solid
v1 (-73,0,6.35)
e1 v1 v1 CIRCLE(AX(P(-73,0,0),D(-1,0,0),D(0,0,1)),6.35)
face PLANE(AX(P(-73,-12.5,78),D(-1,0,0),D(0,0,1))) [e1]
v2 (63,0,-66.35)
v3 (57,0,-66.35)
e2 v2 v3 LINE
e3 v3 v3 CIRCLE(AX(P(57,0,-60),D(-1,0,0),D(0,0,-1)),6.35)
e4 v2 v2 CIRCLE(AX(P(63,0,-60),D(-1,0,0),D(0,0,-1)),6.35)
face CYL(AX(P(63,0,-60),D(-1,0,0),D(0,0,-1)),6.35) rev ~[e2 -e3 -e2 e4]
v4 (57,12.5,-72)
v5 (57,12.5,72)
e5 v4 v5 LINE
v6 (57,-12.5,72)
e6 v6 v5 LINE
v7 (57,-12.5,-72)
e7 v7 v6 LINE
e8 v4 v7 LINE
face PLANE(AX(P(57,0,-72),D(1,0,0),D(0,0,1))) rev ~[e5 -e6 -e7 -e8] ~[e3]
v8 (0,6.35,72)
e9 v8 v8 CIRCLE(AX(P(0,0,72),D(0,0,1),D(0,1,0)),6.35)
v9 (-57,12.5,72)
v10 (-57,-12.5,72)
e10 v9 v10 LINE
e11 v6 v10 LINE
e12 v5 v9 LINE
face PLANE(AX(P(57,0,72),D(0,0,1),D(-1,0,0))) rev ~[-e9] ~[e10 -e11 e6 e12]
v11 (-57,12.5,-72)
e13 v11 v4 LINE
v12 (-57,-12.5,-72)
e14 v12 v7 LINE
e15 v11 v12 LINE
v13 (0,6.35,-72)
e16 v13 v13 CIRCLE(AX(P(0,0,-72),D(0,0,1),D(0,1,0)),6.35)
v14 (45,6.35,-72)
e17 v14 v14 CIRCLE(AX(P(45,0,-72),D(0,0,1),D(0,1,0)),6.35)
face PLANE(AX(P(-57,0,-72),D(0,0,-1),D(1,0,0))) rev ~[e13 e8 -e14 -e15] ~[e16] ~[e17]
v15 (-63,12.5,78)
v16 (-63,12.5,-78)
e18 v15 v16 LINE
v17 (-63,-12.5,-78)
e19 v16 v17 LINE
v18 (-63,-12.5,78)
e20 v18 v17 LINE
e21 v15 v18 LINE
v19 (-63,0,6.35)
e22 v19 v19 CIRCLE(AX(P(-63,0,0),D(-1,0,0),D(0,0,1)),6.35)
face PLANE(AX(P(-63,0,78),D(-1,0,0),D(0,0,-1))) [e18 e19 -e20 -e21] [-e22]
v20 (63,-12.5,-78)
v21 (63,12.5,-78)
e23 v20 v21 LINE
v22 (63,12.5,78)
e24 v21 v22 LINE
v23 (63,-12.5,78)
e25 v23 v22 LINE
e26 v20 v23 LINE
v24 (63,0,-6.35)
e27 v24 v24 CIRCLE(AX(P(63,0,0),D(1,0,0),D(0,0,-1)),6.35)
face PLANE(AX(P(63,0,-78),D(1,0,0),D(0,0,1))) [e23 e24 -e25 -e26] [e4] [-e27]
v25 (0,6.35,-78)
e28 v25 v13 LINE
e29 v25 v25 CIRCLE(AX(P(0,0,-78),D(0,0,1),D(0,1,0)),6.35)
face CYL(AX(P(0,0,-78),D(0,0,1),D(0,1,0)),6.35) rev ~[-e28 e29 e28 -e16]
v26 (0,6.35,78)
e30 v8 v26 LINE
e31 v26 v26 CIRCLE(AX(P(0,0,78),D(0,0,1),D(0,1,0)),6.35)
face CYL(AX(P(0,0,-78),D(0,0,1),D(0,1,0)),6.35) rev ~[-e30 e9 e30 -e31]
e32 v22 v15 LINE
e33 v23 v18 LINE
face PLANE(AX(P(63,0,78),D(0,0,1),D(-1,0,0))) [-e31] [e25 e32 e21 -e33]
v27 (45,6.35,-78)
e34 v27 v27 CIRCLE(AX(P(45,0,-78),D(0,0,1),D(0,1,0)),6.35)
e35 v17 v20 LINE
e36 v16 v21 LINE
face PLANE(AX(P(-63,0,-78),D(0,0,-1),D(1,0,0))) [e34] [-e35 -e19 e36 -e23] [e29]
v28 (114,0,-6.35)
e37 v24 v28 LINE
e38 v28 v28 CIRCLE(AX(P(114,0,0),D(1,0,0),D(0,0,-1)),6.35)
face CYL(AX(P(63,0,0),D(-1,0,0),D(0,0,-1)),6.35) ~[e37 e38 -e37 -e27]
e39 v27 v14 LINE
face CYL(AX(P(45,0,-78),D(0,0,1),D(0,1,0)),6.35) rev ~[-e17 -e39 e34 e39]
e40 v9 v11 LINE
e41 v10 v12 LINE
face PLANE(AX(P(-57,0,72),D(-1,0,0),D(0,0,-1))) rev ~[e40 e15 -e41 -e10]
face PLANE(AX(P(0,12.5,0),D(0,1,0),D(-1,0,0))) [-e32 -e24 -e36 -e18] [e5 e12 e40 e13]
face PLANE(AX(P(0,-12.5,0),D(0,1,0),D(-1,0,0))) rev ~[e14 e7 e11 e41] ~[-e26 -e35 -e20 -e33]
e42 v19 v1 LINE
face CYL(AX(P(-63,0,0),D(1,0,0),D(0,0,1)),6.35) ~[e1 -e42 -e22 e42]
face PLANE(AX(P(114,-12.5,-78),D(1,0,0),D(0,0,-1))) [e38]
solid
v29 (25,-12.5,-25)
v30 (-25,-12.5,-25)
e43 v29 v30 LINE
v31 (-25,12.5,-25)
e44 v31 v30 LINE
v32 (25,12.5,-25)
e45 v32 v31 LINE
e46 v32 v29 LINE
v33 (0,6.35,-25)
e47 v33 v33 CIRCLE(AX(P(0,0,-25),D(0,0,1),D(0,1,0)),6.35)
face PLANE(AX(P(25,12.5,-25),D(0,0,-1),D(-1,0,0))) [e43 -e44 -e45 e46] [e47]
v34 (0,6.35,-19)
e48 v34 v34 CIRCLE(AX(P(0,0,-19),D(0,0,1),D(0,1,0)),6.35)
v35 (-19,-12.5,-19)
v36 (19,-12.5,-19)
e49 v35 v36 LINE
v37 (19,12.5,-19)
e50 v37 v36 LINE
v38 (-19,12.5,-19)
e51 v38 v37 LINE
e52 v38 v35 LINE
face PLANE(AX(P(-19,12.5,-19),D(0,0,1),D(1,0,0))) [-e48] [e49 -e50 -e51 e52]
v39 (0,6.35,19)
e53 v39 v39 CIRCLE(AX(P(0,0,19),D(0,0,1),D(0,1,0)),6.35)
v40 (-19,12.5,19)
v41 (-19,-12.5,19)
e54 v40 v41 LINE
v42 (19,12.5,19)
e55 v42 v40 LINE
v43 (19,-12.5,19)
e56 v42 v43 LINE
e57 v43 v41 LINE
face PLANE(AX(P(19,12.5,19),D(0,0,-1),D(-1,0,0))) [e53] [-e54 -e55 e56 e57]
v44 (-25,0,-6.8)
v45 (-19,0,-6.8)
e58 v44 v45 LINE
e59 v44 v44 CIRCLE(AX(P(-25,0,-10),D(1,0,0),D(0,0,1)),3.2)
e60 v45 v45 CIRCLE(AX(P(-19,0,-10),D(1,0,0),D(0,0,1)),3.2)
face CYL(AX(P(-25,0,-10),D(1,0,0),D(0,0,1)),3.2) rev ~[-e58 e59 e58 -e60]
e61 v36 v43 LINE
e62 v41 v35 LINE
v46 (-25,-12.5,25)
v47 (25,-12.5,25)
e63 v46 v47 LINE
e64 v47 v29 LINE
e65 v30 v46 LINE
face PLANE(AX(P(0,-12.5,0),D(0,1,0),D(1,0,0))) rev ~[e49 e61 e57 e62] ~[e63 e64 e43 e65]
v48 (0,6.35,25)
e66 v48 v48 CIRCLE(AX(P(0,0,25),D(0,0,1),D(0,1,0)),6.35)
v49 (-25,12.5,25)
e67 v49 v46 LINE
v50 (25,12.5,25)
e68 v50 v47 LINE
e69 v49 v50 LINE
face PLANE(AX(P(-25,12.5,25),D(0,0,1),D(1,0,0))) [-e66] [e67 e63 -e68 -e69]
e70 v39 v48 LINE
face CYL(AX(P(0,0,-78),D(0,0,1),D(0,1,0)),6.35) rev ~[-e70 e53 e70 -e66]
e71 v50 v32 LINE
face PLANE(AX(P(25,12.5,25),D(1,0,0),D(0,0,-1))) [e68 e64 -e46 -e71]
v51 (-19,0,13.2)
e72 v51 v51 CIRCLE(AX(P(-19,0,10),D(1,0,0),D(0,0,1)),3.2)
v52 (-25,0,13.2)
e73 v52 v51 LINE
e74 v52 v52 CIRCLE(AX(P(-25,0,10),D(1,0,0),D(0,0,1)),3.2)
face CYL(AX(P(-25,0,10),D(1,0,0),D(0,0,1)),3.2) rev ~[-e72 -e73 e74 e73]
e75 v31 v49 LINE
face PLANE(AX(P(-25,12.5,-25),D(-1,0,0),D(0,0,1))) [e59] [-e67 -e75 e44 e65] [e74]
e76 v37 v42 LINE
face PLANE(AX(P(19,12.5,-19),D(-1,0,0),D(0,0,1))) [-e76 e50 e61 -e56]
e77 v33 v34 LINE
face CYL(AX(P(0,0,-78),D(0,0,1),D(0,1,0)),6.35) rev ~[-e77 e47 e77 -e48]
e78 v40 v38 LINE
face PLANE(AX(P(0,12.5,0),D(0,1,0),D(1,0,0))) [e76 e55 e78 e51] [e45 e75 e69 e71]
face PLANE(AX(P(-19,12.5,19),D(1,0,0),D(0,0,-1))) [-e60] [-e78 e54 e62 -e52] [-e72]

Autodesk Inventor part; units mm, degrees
ref_plane "YZ Plane" through (0, 0, 0) normal (1, 0, 0) x (0, 1, 0)
ref_plane "XZ Plane" through (0, 0, 0) normal (0, 1, 0) x (-1, 0, 0)
ref_plane "XY Plane" through (0, 0, 0) normal (0, 0, 1) x (1, 0, 0)
sketch "Sketch1" plane through (0, 0, 0) normal (0, 1, 0) x (-1, 0, 0)
  line L0 (-63, 78) -> (63, 78)
  line L1 (63, 78) -> (63, -78)
  line L2 (63, -78) -> (-63, -78)
  line L3 (-63, -78) -> (-63, 78)
  line L4 (-63, 78) -> (63, -78) construction
  line L5 (63, 78) -> (-63, -78) construction
  line L6 (-57, 72) -> (57, 72)
  line L7 (57, 72) -> (57, -72)
  line L8 (57, -72) -> (-57, -72)
  line L9 (-57, -72) -> (-57, 72)
  line L10 (-57, 72) -> (57, -72) construction
  line L11 (57, 72) -> (-57, -72) construction
  point P0 (0, 0)
  dimension "d0" = 126
  dimension "d1" = 156
  dimension "d2" = 114
  dimension "d3" = 144
  dimension "d49" = 156
extrude "Extrusion1" add sketch "Sketch1" along normal mid plane 25
sketch "Sketch2" plane through (0, 12.5, 0) normal (0, 1, 0) x (1, 0, 0)
  line L0 (-25, -25) -> (25, -25)
  line L1 (25, -25) -> (25, 25)
  line L2 (25, 25) -> (-25, 25)
  line L3 (-25, 25) -> (-25, -25)
  line L4 (-25, -25) -> (25, 25) construction
  line L5 (25, -25) -> (-25, 25) construction
  line L6 (-19, 19) -> (19, 19)
  line L7 (19, 19) -> (19, -19)
  line L8 (19, -19) -> (-19, -19)
  line L9 (-19, -19) -> (-19, 19)
  point P0 (0, 0)
  dimension "d6" = 50
  dimension "d7" = 50
  dimension "d8" = 6
extrude "Extrusion2" add sketch "Sketch2" against normal blind 25
sketch "Sketch3" plane through (25, 12.5, -25) normal (0, 0, -1) x (-1, 0, 0)
  circle A0 centre (25, -12.5) radius 6.35
  dimension "d11" = 12.7
sketch "Sketch6" plane through (63, -12.5, -78) normal (1, 0, 0) x (0, 0, -1)
  circle A0 centre (-78, 12.5) radius 6.35
  dimension "d22" = 12.7
extrude "Extrusion6" add sketch "Sketch6" along normal blind 51
sketch "Sketch7" plane through (-63, -12.5, 78) normal (-1, 0, 0) x (0, 0, 1)
  circle A0 centre (-78, 12.5) radius 6.35
  dimension "d25" = 12.7
extrude "Extrusion7" add sketch "Sketch7" along normal blind 10
sketch "Sketch8" plane through (63, 12.5, -78) normal (0, 0, -1) x (-1, 0, 0)
  point P0 (63, -12.5)
  point P1 (18, -12.5)
  point P2 (63, -12.5)
hole "Hole1" at (45, 0, -78) direction (0, 0, 1) diameter 12.7 depth 6
sketch "Sketch9" plane through (63, -12.5, -78) normal (1, 0, 0) x (0, 0, -1)
  point P0 (-78, 12.5)
  point P1 (-18, 12.5)
  point P2 (-78, 12.5)
  point P3 (-78, 12.5)
hole "Hole2" at (63, 0, -60) direction (-1, 0, 0) diameter 12.7 depth 6
sketch "Sketch10" plane through (63, 12.5, -78) normal (0, 0, -1) x (-1, 0, 0)
  point P0 (63, -12.5)
  point P1 (63, -12.5)
hole "Hole3" at (0, 0, -78) direction (0, 0, 1) diameter 12.7 end through all
sketch "Sketch11" plane through (-25, 12.5, -25) normal (-1, 0, 0) x (0, 0, 1)
  point P0 (25, -12.5)
  point P1 (15, -12.5)
  point P2 (35, -12.5)
hole "Hole4" at (-25, 0, 10) direction (1, 0, 0) diameter 6.4 depth 6
sketch "Sketch12" plane through (-25, 12.5, -25) normal (-1, 0, 0) x (0, 0, 1)
  point P0 (25, -12.5)
  point P1 (15, -12.5)
hole "Hole5" at (-25, 0, -10) direction (1, 0, 0) diameter 6.4 depth 6
properties part number "Frame"
